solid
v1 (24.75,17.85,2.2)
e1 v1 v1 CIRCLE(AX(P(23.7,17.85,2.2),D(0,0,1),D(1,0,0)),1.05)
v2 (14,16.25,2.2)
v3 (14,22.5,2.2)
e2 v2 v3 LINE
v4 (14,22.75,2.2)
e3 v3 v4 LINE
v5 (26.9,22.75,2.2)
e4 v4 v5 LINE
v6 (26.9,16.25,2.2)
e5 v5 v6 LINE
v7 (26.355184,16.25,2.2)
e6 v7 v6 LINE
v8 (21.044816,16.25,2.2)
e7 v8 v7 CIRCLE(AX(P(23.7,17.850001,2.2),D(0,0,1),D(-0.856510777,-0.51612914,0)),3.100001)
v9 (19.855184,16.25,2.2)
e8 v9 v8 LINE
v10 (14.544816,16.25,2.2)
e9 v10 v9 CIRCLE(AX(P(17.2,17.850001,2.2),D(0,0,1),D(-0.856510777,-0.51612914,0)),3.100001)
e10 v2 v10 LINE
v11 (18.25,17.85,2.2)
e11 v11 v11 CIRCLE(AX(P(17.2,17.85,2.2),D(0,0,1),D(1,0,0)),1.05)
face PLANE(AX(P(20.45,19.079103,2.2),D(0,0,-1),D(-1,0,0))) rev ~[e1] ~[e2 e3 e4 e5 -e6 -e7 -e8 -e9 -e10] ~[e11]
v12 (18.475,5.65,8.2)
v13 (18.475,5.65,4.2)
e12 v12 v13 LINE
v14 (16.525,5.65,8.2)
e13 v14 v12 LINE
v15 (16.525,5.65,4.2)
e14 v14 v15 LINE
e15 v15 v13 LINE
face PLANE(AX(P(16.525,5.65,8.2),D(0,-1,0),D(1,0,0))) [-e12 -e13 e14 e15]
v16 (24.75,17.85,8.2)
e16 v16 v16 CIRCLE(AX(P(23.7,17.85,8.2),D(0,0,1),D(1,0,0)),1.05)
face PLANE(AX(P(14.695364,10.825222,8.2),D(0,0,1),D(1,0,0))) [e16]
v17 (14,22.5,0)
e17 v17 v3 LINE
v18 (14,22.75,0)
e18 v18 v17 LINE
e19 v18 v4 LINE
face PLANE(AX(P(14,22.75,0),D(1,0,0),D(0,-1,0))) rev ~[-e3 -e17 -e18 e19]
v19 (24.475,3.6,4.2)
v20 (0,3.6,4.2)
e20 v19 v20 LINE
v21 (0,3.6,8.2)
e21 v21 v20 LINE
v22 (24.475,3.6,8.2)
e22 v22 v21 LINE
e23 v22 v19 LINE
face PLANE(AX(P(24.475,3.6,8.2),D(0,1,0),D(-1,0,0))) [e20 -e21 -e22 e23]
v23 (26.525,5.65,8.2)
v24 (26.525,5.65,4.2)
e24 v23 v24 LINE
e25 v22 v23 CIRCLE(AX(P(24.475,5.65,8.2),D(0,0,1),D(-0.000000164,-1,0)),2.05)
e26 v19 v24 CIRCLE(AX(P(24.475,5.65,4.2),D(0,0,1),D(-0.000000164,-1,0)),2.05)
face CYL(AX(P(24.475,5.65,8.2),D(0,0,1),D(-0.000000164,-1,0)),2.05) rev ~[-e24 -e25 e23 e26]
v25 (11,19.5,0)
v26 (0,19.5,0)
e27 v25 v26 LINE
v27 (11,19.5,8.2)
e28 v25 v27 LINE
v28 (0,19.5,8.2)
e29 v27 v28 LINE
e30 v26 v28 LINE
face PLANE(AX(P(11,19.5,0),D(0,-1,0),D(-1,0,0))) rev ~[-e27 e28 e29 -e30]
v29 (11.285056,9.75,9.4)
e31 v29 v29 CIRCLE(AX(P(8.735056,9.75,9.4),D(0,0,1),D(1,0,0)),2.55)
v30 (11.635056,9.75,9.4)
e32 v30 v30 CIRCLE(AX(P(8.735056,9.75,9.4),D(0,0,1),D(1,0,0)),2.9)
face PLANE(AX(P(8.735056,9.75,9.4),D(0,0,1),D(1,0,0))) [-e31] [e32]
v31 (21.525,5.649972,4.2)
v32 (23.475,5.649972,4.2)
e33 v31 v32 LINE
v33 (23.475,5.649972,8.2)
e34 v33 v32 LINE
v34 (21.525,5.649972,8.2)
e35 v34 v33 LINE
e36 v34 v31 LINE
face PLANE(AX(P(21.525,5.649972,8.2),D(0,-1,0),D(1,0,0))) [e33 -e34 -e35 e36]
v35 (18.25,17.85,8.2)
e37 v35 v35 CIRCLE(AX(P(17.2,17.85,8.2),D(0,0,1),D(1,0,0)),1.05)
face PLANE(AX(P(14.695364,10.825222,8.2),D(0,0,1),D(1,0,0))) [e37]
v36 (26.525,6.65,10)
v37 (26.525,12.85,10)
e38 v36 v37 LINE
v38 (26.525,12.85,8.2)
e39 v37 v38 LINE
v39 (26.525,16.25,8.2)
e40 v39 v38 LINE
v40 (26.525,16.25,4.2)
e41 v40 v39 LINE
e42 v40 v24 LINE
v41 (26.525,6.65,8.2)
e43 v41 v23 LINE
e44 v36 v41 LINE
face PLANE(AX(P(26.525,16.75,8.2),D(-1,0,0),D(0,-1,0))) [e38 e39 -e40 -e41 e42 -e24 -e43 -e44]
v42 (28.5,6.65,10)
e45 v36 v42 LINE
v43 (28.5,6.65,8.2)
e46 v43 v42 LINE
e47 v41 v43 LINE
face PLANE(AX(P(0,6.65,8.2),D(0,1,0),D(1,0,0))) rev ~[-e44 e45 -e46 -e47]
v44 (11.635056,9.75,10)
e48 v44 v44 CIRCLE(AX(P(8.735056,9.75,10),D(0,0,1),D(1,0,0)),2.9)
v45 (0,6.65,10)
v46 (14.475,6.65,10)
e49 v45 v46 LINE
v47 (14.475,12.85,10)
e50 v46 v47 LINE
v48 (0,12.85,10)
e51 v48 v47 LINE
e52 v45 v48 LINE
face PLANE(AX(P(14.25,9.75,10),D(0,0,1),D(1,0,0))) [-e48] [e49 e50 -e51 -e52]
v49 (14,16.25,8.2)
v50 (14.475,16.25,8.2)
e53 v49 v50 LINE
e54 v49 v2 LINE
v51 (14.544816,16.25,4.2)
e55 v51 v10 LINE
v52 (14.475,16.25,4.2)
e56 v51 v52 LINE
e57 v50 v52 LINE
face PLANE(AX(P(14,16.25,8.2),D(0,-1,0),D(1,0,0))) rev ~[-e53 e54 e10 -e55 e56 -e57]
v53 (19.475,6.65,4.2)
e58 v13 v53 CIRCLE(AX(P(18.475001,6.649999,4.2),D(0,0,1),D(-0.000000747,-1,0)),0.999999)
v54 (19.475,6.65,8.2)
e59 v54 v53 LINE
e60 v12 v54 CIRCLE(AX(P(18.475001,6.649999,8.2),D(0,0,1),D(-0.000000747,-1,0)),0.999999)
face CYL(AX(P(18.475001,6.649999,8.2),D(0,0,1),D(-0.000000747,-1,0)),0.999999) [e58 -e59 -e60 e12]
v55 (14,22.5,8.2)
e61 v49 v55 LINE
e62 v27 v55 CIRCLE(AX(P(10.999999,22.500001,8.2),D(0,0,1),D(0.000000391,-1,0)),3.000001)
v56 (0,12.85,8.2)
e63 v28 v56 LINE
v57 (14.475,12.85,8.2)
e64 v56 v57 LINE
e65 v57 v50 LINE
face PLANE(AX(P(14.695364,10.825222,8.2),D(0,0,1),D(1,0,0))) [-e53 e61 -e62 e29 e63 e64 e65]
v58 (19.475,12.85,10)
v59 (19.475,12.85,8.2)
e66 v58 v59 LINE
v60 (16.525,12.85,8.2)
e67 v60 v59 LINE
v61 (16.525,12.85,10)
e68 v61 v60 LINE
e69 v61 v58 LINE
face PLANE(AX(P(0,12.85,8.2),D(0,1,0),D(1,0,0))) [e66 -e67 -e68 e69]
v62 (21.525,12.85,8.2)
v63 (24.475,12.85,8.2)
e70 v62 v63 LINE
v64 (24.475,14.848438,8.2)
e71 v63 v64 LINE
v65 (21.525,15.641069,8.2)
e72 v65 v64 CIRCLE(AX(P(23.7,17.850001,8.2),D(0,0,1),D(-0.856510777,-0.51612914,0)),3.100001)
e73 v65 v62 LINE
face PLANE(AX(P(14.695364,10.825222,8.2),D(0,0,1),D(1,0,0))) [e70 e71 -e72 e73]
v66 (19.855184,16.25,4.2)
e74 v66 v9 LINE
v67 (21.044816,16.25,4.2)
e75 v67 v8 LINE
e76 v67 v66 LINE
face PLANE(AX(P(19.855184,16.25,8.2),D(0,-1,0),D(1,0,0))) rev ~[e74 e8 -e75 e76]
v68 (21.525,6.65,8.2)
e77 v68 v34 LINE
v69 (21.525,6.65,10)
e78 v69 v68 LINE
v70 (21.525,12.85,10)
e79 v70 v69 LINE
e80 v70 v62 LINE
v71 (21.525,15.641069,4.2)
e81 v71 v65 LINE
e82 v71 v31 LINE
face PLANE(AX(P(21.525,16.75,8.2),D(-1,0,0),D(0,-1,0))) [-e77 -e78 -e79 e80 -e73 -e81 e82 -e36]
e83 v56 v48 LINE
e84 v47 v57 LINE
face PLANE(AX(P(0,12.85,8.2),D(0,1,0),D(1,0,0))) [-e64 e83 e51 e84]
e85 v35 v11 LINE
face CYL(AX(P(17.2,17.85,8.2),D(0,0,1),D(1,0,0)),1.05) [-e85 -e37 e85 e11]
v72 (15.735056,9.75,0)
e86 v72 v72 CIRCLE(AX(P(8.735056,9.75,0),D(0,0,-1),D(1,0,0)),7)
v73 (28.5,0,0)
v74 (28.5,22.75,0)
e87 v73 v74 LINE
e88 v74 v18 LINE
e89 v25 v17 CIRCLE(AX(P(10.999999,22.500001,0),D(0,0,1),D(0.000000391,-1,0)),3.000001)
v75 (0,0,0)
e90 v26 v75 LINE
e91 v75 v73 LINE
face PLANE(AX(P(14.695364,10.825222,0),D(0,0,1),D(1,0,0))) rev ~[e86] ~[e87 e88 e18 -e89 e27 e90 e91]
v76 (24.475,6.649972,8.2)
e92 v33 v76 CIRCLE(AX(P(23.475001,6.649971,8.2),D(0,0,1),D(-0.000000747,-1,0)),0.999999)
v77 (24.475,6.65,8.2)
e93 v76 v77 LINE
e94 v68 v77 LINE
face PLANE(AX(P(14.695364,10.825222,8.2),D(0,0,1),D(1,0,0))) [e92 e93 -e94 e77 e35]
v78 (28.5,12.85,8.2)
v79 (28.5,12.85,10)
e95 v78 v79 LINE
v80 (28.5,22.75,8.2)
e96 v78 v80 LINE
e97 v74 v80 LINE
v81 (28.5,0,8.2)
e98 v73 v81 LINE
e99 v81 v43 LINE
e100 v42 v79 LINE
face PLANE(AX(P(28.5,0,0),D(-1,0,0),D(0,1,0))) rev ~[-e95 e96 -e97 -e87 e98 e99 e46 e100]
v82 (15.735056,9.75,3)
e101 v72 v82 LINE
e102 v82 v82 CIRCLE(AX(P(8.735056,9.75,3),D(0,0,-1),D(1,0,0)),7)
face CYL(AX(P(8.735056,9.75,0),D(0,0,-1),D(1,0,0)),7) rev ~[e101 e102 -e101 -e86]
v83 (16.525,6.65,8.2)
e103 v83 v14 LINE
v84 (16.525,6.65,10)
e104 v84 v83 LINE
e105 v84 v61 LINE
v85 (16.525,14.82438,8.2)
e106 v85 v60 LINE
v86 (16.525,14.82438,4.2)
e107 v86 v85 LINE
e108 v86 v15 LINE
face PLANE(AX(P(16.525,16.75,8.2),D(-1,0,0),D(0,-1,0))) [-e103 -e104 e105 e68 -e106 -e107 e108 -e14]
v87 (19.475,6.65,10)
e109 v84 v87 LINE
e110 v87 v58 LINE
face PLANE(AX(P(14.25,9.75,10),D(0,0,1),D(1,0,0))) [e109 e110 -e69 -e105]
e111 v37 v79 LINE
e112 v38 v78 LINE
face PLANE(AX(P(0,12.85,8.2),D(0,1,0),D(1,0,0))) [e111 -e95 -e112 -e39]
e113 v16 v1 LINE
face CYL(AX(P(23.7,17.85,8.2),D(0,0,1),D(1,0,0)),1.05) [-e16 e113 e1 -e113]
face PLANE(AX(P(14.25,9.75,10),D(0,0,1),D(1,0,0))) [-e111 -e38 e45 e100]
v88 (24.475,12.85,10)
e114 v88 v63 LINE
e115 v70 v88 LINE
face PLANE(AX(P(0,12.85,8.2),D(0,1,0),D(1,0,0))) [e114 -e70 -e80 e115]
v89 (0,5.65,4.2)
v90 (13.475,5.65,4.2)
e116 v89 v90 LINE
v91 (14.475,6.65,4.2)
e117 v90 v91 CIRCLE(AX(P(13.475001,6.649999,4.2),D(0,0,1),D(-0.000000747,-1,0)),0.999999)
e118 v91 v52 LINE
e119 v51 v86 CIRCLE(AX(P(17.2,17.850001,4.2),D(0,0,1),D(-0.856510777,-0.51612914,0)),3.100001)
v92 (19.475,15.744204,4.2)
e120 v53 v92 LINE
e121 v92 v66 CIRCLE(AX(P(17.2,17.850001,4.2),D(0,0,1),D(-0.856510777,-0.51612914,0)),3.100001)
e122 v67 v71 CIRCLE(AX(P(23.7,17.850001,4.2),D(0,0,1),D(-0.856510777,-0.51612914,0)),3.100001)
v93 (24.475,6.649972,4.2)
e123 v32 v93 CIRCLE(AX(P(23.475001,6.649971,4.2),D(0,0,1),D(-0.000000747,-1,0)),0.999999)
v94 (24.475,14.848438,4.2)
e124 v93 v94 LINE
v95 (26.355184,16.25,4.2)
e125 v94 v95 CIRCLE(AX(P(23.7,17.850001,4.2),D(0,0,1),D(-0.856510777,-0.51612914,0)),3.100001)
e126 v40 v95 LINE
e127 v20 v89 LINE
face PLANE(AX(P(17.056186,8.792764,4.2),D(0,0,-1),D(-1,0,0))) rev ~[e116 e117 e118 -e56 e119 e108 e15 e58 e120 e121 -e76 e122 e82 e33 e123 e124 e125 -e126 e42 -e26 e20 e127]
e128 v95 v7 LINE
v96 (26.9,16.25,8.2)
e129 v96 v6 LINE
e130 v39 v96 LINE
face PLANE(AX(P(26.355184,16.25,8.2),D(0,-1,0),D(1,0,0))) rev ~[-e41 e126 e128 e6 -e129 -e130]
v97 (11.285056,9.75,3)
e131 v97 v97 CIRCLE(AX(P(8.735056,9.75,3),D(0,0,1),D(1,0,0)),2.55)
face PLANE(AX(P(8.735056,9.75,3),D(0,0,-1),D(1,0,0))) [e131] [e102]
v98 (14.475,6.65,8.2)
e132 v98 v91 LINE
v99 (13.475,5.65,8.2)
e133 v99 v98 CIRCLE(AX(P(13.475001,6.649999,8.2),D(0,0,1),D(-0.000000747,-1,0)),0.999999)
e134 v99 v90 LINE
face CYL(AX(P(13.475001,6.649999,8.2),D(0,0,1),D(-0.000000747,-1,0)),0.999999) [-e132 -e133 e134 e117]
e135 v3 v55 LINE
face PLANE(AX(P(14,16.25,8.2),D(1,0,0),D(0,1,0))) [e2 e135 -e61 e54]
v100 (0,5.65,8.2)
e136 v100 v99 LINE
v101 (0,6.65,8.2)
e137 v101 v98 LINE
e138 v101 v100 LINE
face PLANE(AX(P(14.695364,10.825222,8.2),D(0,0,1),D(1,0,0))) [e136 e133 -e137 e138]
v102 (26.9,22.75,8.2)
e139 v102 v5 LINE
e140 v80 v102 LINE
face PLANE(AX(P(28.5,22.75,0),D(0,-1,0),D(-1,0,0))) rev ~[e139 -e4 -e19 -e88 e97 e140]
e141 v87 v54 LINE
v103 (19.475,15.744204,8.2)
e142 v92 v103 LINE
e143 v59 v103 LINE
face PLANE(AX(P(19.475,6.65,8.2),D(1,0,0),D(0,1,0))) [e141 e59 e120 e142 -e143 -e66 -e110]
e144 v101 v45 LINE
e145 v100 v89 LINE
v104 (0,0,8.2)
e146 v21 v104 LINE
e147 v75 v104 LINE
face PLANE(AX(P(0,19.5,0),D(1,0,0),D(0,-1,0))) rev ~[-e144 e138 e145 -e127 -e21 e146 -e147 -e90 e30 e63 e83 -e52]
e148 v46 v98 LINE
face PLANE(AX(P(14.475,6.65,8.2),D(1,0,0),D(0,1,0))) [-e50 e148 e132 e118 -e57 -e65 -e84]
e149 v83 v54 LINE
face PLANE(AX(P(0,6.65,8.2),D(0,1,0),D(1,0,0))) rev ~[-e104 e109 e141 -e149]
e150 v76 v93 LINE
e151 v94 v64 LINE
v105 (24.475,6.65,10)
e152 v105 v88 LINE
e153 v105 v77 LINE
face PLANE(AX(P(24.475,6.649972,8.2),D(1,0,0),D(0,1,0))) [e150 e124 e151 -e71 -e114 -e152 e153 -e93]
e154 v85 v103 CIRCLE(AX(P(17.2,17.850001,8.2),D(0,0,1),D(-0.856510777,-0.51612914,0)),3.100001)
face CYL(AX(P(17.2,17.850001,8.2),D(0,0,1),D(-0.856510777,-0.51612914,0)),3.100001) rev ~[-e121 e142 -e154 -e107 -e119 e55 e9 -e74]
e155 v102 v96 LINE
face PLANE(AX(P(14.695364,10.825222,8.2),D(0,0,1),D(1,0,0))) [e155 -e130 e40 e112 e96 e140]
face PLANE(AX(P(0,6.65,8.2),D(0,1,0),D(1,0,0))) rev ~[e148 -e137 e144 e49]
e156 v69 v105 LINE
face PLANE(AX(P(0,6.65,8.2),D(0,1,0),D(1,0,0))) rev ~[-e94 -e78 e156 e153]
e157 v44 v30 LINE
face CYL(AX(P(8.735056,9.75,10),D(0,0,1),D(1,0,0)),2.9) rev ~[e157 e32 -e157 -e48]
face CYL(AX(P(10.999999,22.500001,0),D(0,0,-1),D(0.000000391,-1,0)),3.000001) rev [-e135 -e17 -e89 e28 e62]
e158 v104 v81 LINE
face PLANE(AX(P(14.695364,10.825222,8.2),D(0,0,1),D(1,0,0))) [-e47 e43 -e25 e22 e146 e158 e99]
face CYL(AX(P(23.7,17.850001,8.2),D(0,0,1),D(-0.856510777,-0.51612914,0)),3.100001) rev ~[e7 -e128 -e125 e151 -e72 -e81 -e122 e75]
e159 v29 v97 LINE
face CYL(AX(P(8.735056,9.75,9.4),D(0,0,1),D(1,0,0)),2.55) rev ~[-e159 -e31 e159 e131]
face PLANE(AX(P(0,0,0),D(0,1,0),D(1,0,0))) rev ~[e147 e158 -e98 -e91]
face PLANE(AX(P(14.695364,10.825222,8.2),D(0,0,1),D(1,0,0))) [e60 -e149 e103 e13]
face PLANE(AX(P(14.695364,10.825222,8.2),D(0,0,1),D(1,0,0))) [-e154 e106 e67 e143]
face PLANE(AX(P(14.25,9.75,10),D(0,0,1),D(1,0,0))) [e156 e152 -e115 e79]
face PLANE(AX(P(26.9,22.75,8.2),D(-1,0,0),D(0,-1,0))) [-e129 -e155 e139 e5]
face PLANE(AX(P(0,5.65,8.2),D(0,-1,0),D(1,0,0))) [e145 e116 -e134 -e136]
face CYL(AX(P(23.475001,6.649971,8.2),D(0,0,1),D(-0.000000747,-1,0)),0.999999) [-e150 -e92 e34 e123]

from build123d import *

# Parameters (mm, degrees)
PAD004_DEPTH    = 8.2
SKETCH014_W     = 28.5
SKETCH014_H     = 6.2
PAD005_DEPTH    = 1.8
SKETCH015_R     = 2.9
POCKET004_DEPTH = 0.6
SKETCH016_W     = 2.05
SKETCH016_H     = 6.2
POCKET005_DEPTH = 1.8
SKETCH018_R     = 1.05
POCKET007_DEPTH = 6
POCKET006_DEPTH = 4
SKETCH019_R     = 2.55
POCKET008_DEPTH = 7.5
SKETCH020_R     = 7
POCKET_DEPTH    = 3


with BuildPart() as stage_1_railguide:
    # Sketch013 → Pad004 (new body)
    with BuildSketch(Plane.XY):
        with BuildLine():
            Line((0, 0), (28.5, 0))
            Line((28.5, 0), (28.5, 22.75))
            Line((28.5, 22.75), (14, 22.75))
            Line((14, 22.75), (14, 22.5))
            ThreePointArc((11, 19.5), (13.12132, 20.37868), (14, 22.5))
            Line((11, 19.5), (0, 19.5))
            Line((0, 19.5), (0, 0))
        make_face()
    extrude(amount=PAD004_DEPTH)

    # Sketch014 (on Face9 of Pad004) → Pad005 (join)
    with BuildSketch(Plane.XY.offset(8.2)):
        with Locations((14.25, 9.75)):
            Rectangle(SKETCH014_W, SKETCH014_H)
    extrude(amount=PAD005_DEPTH)

    # Sketch015 (on Face11 of Pad005) → Pocket004 (cut)
    with BuildSketch(Plane.XY.offset(10)):
        with Locations((8.735056, 9.75)):
            Circle(SKETCH015_R)
    extrude(amount=-POCKET004_DEPTH, mode=Mode.SUBTRACT)

    # Sketch016 (on Face10 of Pocket004) → Pocket005 (cut)
    with BuildSketch(Plane.XY.offset(10)):
        with Locations((15.5, 9.75)):
            Rectangle(SKETCH016_W, SKETCH016_H)
        Polygon((21.525, 12.85), (21.525, 6.65), (19.475, 6.65), (19.475, 12.85), (20.5, 12.85), align=None)
        with Locations((25.5, 9.75)):
            Rectangle(SKETCH016_W, SKETCH016_H)
    extrude(amount=-POCKET005_DEPTH, mode=Mode.SUBTRACT)


with BuildPart() as body:
    # Body006 base: copy of Stage#1(RailGuide)
    add(stage_1_railguide.part)

    # Sketch018 (on Face19 of Clone001) → Pocket007 (cut)
    with BuildSketch(Plane.XY.offset(8.2)):
        with BuildLine():
            Line((14, 22.75), (26.9, 22.75))
            Line((26.9, 22.75), (26.9, 16.25))
            Line((26.355184, 16.25), (26.9, 16.25))
            ThreePointArc((21.044816, 16.25), (23.7, 14.75), (26.355184, 16.25))
            Line((20.45, 16.25), (21.044816, 16.25))
            Line((19.855184, 16.25), (20.45, 16.25))
            ThreePointArc((14.544816, 16.25), (17.2, 14.75), (19.855184, 16.25))
            Line((14, 16.25), (14.544816, 16.25))
            Line((14, 16.25), (14, 22.75))
        make_face()
        with Locations((17.2, 17.85)):
            Circle(SKETCH018_R, mode=Mode.SUBTRACT)
        with Locations((23.7, 17.85)):
            Circle(SKETCH018_R, mode=Mode.SUBTRACT)
    extrude(amount=-POCKET007_DEPTH, mode=Mode.SUBTRACT)


with BuildPart() as body008:
    # Body005 base: copy of Stage#1(RailGuide)
    add(stage_1_railguide.part)

    # Sketch017 (on Face19 of Clone) → Pocket006 (cut)
    with BuildSketch(Plane.XY.offset(8.2)):
        with BuildLine():
            Line((0, 5.65), (13.475, 5.65))
            ThreePointArc((13.475, 5.65), (14.182107, 5.942893), (14.475, 6.65))
            Line((14.475, 6.65), (14.475, 16.75))
            Line((14.475, 16.75), (16.525, 16.75))
            Line((16.525, 16.75), (16.525, 5.65))
            Line((16.525, 5.65), (18.475, 5.65))
            ThreePointArc((18.475, 5.65), (19.182107, 5.942893), (19.475, 6.65))
            Line((19.475, 6.65), (19.475, 16.75))
            Line((19.475, 16.75), (21.525, 16.75))
            Line((21.525, 16.75), (21.525, 5.649972))
            Line((21.525, 5.649972), (23.475, 5.649972))
            ThreePointArc((23.475, 5.649972), (24.182107, 5.942865), (24.475, 6.649972))
            Line((24.475, 6.649972), (24.475, 16.75))
            Line((24.475, 16.75), (26.525, 16.75))
            Line((26.525, 16.75), (26.525, 5.65))
            ThreePointArc((24.475, 3.6), (25.924569, 4.200431), (26.525, 5.65))
            Line((24.475, 3.6), (0, 3.6))
            Line((0, 3.6), (0, 5.65))
        make_face()
    extrude(amount=-POCKET006_DEPTH, mode=Mode.SUBTRACT)

    # Sketch019 (on Face37 of Pocket006) → Pocket008 (cut)
    with BuildSketch(Plane.XY.offset(9.4)):
        with Locations((8.735056, 9.75)):
            Circle(SKETCH019_R)
    extrude(amount=-POCKET008_DEPTH, mode=Mode.SUBTRACT)

    # Sketch020 (on Face4 of Pocket008) → Pocket (cut)
    with BuildSketch(Plane(origin=(0, 0, 0), x_dir=(1, 0, 0), z_dir=(0, 0, -1))):
        with Locations((8.735056, -9.75)):
            Circle(SKETCH020_R)
    extrude(amount=-POCKET_DEPTH, mode=Mode.SUBTRACT)

    # Common: intersect Body
    add(body.part, mode=Mode.INTERSECT)


solid = body008.part
